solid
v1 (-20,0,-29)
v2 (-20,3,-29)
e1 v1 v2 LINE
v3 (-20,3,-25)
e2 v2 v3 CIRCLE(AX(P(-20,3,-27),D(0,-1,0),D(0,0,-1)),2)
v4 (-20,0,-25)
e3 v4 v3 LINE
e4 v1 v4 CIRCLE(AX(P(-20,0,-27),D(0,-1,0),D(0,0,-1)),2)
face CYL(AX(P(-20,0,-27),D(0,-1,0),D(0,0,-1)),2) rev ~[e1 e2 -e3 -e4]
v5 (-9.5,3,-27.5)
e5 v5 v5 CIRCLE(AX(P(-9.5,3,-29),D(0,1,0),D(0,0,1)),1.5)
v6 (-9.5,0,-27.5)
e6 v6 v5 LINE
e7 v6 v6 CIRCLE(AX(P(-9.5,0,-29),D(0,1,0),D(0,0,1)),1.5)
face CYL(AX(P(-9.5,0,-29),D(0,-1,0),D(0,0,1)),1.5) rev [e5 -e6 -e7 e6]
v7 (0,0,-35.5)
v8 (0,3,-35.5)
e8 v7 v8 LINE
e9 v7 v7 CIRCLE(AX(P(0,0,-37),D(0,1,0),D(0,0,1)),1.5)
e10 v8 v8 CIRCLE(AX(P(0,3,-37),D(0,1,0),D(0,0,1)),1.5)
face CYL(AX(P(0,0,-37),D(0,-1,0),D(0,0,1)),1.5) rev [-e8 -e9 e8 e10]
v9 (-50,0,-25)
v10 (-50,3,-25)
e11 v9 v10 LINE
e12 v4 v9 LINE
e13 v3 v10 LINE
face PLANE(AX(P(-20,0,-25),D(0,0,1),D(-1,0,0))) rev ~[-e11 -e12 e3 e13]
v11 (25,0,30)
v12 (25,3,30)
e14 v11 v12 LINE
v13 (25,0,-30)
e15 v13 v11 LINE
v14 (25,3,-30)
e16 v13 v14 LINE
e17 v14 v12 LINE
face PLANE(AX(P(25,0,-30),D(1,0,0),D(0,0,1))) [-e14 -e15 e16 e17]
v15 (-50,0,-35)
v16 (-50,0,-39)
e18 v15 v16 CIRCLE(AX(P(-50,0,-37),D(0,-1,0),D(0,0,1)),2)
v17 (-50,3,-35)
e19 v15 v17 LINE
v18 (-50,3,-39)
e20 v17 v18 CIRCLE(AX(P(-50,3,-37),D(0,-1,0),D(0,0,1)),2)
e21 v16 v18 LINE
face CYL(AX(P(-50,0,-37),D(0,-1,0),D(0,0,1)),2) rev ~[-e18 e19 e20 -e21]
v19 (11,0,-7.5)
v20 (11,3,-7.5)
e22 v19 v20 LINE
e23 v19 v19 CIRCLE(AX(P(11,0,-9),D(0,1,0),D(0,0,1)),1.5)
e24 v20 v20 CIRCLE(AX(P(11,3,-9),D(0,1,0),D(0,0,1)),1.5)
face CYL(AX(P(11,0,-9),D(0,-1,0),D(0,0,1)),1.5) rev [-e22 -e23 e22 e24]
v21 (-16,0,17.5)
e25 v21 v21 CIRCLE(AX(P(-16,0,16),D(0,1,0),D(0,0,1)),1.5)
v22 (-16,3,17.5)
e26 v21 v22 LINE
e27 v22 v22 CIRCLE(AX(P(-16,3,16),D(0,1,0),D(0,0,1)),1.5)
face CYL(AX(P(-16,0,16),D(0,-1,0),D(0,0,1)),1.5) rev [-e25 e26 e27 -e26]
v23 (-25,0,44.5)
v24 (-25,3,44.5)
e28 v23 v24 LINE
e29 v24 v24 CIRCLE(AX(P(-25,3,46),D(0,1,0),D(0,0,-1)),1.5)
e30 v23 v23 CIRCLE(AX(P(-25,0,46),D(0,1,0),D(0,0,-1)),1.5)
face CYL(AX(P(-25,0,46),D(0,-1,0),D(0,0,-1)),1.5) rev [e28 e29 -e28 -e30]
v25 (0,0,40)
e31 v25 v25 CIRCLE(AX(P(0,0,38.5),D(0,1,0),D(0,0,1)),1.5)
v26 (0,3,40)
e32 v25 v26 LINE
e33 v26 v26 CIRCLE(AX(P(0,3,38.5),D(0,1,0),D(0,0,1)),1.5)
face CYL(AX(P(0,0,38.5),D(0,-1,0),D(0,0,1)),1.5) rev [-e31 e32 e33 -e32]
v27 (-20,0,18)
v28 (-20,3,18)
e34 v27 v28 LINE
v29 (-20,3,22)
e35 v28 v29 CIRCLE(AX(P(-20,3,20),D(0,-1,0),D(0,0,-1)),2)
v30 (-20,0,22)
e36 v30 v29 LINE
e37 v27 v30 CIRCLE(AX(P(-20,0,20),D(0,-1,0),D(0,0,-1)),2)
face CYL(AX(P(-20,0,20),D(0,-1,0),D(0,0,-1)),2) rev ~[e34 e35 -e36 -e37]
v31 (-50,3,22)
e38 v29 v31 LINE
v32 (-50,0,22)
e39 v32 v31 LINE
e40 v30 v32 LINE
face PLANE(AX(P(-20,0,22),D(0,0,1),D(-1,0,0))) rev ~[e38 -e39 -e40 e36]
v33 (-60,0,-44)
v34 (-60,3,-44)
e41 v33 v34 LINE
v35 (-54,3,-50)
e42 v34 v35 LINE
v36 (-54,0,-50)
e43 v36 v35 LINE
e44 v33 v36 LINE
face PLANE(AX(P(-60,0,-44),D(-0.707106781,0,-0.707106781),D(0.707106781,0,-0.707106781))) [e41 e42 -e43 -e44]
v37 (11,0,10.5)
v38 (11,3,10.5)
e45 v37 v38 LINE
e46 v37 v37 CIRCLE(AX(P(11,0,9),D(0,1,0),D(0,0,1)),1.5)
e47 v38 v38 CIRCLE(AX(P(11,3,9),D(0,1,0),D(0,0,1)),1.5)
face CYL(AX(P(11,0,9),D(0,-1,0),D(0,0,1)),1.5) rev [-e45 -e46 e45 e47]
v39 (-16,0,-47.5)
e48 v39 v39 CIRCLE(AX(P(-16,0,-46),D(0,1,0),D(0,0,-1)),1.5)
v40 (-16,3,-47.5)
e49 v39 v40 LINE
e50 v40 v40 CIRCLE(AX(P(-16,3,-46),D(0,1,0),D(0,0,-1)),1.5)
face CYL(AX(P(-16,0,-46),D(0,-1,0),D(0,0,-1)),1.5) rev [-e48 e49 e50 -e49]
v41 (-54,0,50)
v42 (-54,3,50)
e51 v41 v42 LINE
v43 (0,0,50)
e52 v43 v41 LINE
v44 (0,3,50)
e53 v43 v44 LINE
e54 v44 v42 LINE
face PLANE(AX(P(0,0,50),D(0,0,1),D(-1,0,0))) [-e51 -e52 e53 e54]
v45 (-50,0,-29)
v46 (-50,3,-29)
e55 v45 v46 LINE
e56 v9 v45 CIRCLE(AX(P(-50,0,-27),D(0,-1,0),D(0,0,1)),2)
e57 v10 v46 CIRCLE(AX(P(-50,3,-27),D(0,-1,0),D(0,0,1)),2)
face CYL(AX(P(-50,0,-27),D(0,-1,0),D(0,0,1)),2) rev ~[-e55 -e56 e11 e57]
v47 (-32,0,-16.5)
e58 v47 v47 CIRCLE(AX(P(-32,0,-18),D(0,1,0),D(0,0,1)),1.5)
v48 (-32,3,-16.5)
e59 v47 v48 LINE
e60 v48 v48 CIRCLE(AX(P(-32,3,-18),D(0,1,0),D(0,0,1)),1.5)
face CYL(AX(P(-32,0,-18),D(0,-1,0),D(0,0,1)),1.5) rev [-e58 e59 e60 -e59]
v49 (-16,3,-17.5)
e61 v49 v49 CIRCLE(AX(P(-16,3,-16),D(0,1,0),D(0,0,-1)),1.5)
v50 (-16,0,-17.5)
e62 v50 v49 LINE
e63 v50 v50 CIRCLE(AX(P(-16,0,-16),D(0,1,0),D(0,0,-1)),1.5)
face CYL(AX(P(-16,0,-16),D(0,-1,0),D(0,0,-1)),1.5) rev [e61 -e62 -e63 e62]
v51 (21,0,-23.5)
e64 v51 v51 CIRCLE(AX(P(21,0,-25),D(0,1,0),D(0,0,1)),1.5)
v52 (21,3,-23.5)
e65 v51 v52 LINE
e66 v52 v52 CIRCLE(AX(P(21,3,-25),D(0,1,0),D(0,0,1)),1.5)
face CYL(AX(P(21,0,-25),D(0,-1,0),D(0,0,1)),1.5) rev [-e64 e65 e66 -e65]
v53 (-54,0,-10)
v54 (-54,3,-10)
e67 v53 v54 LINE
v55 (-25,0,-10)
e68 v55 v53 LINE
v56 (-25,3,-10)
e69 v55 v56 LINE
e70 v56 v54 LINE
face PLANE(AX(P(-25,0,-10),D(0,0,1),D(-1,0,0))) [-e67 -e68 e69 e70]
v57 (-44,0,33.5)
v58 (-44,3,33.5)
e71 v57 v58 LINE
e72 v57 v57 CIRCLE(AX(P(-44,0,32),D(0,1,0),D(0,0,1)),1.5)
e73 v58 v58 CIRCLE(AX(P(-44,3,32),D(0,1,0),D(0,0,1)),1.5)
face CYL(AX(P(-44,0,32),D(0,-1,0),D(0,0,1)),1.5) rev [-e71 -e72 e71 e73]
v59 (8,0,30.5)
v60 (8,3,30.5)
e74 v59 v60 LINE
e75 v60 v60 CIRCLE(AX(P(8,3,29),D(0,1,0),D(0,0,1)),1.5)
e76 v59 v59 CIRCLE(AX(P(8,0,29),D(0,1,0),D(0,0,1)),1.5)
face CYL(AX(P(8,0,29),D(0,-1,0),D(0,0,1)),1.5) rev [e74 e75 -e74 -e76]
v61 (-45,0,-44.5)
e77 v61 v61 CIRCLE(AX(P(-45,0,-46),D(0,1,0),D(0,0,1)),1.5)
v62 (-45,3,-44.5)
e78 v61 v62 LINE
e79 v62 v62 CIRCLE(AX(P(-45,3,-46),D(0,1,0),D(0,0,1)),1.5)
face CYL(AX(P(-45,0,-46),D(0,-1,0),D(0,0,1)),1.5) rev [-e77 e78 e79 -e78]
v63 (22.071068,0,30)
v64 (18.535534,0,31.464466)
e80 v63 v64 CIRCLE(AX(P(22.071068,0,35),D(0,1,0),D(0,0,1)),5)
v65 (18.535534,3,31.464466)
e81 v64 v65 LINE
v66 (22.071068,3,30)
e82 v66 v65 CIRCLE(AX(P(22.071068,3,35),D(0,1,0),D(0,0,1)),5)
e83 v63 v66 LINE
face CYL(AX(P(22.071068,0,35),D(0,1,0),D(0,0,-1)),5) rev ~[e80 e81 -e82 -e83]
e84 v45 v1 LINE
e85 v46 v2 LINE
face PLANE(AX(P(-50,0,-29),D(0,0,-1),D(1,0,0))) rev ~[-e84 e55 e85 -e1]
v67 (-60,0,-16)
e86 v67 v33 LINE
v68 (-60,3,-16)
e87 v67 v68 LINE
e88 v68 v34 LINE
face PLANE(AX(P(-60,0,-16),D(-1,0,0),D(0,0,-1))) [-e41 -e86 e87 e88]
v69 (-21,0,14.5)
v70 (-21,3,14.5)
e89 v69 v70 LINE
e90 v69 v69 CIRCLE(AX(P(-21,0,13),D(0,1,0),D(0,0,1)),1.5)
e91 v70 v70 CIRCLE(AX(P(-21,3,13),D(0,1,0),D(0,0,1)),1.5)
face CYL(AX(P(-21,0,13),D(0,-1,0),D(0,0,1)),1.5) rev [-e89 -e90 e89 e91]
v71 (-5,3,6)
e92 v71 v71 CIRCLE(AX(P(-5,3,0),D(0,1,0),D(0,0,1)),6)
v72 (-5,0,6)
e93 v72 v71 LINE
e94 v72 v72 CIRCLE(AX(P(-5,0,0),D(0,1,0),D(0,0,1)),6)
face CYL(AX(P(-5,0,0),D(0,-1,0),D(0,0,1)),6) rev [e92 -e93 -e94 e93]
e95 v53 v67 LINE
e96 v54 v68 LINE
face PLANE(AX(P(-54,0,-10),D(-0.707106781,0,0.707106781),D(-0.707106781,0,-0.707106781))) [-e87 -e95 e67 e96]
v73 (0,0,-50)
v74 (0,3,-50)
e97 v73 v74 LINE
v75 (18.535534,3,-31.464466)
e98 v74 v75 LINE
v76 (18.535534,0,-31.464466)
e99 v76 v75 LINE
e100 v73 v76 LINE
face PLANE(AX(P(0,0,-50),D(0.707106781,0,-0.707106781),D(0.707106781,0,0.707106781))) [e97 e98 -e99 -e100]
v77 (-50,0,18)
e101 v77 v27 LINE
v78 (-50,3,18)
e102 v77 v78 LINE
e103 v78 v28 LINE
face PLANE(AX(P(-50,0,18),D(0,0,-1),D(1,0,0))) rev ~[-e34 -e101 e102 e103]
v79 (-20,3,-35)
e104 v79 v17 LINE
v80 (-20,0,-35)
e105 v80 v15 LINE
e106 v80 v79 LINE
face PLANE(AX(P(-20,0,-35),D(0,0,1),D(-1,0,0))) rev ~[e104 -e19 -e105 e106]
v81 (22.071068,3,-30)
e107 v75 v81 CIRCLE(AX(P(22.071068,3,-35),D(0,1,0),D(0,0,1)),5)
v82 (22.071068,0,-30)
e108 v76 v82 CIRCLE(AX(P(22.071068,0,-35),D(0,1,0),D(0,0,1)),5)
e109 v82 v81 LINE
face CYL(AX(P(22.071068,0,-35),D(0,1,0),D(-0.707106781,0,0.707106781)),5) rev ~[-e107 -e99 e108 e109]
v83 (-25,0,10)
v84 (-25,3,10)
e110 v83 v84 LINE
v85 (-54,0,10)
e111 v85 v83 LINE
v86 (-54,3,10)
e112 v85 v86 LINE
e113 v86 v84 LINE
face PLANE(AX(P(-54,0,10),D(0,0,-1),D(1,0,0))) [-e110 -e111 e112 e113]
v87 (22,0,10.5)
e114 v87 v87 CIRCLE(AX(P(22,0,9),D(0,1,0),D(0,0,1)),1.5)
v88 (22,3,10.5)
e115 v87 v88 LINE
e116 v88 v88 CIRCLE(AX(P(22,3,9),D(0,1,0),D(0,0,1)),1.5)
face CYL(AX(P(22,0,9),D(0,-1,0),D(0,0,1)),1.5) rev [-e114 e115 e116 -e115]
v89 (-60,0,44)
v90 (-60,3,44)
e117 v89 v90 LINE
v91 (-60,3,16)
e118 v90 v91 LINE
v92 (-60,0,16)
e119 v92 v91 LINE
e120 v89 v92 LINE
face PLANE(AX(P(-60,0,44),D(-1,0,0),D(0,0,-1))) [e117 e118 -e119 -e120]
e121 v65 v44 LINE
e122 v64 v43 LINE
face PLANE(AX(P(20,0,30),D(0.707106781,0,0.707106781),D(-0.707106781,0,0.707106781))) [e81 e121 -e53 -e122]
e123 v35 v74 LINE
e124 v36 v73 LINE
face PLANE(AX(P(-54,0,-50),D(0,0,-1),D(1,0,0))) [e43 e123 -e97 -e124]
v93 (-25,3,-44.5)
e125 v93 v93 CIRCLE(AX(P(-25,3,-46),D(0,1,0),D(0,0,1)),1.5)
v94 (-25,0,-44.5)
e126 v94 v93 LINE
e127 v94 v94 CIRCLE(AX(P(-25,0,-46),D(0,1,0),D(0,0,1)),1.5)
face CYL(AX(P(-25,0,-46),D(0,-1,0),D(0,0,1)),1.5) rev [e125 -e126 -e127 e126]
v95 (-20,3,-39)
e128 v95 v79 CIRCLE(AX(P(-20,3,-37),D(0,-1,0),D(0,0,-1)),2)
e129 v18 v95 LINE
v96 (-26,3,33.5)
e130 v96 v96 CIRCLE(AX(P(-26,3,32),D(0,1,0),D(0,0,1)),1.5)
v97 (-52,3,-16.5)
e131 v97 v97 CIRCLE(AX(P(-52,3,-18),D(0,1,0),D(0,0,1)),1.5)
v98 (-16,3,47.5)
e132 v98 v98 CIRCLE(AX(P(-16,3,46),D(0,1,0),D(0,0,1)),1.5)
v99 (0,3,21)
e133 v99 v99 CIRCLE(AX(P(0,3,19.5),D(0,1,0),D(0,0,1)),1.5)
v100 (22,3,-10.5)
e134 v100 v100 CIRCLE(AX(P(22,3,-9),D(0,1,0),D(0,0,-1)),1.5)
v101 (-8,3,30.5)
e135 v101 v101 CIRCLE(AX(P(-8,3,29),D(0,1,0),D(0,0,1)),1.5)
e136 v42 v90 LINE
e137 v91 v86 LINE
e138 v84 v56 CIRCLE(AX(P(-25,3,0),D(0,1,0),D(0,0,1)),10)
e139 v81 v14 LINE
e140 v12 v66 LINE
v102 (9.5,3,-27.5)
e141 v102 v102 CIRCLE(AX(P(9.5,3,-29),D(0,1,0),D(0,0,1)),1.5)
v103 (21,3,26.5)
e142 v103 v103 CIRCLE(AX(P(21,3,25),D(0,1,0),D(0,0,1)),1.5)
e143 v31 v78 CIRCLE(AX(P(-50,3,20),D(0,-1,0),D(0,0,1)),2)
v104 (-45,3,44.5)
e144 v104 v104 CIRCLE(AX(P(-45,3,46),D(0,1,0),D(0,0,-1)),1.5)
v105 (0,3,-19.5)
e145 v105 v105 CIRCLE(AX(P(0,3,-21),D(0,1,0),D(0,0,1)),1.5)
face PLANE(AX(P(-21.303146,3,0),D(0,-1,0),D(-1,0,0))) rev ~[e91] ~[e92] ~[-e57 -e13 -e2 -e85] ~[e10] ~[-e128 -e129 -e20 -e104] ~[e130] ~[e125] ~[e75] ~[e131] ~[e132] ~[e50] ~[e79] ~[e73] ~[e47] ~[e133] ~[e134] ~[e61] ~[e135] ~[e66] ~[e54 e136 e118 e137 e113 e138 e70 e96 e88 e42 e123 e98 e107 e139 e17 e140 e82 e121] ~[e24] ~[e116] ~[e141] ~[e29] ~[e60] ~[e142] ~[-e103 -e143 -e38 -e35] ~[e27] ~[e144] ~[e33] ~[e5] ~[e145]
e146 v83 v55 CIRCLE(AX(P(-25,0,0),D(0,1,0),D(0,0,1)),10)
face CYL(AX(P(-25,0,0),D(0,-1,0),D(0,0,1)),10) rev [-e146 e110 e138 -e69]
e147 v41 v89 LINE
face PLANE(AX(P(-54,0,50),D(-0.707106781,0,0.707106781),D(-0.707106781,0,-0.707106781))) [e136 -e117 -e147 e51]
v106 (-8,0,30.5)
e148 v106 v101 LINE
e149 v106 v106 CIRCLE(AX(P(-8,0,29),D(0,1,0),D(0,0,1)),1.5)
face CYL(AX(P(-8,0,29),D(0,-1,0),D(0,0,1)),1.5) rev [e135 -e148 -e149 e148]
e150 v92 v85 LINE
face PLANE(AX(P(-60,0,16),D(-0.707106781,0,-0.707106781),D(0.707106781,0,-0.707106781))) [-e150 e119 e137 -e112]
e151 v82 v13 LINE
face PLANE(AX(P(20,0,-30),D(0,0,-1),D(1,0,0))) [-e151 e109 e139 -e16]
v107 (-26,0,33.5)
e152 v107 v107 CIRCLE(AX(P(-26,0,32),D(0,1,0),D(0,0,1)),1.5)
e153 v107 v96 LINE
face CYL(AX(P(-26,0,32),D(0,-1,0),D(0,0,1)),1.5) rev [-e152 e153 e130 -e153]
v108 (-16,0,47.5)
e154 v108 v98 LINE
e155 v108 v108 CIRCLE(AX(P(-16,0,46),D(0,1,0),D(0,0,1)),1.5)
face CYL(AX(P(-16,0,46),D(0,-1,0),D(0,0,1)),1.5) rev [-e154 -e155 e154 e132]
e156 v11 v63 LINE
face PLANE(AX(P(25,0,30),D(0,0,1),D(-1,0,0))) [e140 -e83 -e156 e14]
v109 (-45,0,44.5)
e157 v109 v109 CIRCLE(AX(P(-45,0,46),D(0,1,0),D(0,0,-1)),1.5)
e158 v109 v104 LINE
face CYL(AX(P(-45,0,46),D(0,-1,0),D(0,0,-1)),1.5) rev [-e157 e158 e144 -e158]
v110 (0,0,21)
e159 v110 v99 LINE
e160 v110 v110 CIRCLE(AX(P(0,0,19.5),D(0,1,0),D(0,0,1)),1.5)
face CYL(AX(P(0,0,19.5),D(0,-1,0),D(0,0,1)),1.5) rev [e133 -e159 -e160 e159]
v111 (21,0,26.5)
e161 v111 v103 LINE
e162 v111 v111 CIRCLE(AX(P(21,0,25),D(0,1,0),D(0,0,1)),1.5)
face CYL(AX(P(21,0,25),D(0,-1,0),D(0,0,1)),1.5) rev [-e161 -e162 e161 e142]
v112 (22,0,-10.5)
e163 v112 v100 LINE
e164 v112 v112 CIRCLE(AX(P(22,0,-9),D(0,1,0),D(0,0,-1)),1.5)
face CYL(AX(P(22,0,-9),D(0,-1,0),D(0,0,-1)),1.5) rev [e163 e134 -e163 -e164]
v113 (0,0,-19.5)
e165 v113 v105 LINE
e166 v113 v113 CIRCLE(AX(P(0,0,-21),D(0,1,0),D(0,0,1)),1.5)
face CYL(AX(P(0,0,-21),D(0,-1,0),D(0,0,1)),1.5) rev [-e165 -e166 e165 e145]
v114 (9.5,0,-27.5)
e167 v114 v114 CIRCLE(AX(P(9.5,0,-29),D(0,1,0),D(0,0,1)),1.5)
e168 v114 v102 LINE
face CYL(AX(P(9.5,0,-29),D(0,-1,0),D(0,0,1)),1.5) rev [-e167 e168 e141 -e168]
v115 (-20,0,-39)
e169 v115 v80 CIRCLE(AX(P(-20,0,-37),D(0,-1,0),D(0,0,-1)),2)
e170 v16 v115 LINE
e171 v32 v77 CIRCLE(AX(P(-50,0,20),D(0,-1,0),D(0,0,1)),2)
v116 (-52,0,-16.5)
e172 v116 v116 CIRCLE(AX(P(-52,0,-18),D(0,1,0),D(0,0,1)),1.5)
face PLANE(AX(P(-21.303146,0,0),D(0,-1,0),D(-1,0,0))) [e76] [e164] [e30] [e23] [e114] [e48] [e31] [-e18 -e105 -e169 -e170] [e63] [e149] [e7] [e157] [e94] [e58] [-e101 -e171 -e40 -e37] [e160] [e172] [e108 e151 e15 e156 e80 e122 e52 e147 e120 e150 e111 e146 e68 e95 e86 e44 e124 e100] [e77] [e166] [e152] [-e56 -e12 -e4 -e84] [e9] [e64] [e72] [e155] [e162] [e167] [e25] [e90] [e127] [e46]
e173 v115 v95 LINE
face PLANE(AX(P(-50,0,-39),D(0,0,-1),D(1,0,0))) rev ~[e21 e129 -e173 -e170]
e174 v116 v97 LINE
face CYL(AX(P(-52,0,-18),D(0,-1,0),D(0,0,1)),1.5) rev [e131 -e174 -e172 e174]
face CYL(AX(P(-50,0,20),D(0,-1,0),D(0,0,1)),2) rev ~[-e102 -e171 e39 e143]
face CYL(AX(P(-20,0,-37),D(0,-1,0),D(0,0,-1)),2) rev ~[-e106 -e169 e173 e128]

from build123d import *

# Parameters (mm, degrees)
SKETCH_1_R      = 1.5
SKETCH_1_R_2    = 6
EXTRUDE_1_DEPTH = 3
FILLET_1_R      = 5


with BuildPart() as part:
    # 草图1 → 凸台-拉伸1 (new body)
    with BuildSketch(Plane(origin=(0, 0, 0), x_dir=(1, 0, 0), z_dir=(0, 1, 0))):
        with BuildLine():
            Line((-54, 50), (0, 50))
            Line((0, 50), (20, 30))
            Line((20, 30), (25, 30))
            Line((25, 30), (25, -30))
            Line((25, -30), (20, -30))
            Line((20, -30), (0, -50))
            Line((0, -50), (-54, -50))
            Line((-54, -50), (-60, -44))
            Line((-60, -44), (-60, -16))
            Line((-60, -16), (-54, -10))
            Line((-54, -10), (-25, -10))
            ThreePointArc((-25, -10), (-15, 0), (-25, 10))
            Line((-25, 10), (-54, 10))
            Line((-54, 10), (-60, 16))
            Line((-60, 16), (-60, 44))
            Line((-60, 44), (-54, 50))
        make_face()
        with Locations(Location((11, 9, 0), (0, 0, 270))):
            Circle(SKETCH_1_R, mode=Mode.SUBTRACT)
        with Locations(Location((11, -9, 0), (0, 0, 270))):
            Circle(SKETCH_1_R, mode=Mode.SUBTRACT)
        with Locations(Location((-44, -32, 0), (0, 0, 270))):
            Circle(SKETCH_1_R, mode=Mode.SUBTRACT)
        with Locations(Location((9.5, 29, 0), (0, 0, 270))):
            Circle(SKETCH_1_R, mode=Mode.SUBTRACT)
        with Locations(Location((0, 21, 0), (0, 0, 270))):
            Circle(SKETCH_1_R, mode=Mode.SUBTRACT)
        with Locations(Location((-9.5, 29, 0), (0, 0, 270))):
            Circle(SKETCH_1_R, mode=Mode.SUBTRACT)
        with Locations(Location((0, 37, 0), (0, 0, 270))):
            Circle(SKETCH_1_R, mode=Mode.SUBTRACT)
        with Locations(Location((-26, -32, 0), (0, 0, 270))):
            Circle(SKETCH_1_R, mode=Mode.SUBTRACT)
        with Locations(Location((0, -38.5, 0), (0, 0, 270))):
            Circle(SKETCH_1_R, mode=Mode.SUBTRACT)
        with Locations(Location((22, -9, 0), (0, 0, 270))):
            Circle(SKETCH_1_R, mode=Mode.SUBTRACT)
        with Locations(Location((22, 9, 0), (0, 0, 90))):
            Circle(SKETCH_1_R, mode=Mode.SUBTRACT)
        with Locations(Location((-8, -29, 0), (0, 0, 270))):
            Circle(SKETCH_1_R, mode=Mode.SUBTRACT)
        with Locations(Location((-21, -13, 0), (0, 0, 270))):
            Circle(SKETCH_1_R, mode=Mode.SUBTRACT)
        with Locations(Location((-52, 18, 0), (0, 0, 270))):
            Circle(SKETCH_1_R, mode=Mode.SUBTRACT)
        with Locations(Location((-32, 18, 0), (0, 0, 270))):
            Circle(SKETCH_1_R, mode=Mode.SUBTRACT)
        with Locations(Location((-25, 46, 0), (0, 0, 270))):
            Circle(SKETCH_1_R, mode=Mode.SUBTRACT)
        with Locations(Location((0, -19.5, 0), (0, 0, 270))):
            Circle(SKETCH_1_R, mode=Mode.SUBTRACT)
        with Locations(Location((-45, 46, 0), (0, 0, 270))):
            Circle(SKETCH_1_R, mode=Mode.SUBTRACT)
        with Locations(Location((8, -29, 0), (0, 0, 270))):
            Circle(SKETCH_1_R, mode=Mode.SUBTRACT)
        with Locations(Location((-25, -46, 0), (0, 0, 90))):
            Circle(SKETCH_1_R, mode=Mode.SUBTRACT)
        with Locations(Location((-45, -46, 0), (0, 0, 90))):
            Circle(SKETCH_1_R, mode=Mode.SUBTRACT)
        with Locations(Location((-16, -16, 0), (0, 0, 270))):
            Circle(SKETCH_1_R, mode=Mode.SUBTRACT)
        with Locations(Location((-16, -46, 0), (0, 0, 270))):
            Circle(SKETCH_1_R, mode=Mode.SUBTRACT)
        with Locations(Location((-16, 46, 0), (0, 0, 90))):
            Circle(SKETCH_1_R, mode=Mode.SUBTRACT)
        with Locations(Location((-16, 16, 0), (0, 0, 90))):
            Circle(SKETCH_1_R, mode=Mode.SUBTRACT)
        with Locations(Location((-5, 0, 0), (0, 0, 270))):
            Circle(SKETCH_1_R_2, mode=Mode.SUBTRACT)
        with Locations(Location((21, 25, 0), (0, 0, 270))):
            Circle(SKETCH_1_R, mode=Mode.SUBTRACT)
        with Locations(Location((21, -25, 0), (0, 0, 270))):
            Circle(SKETCH_1_R, mode=Mode.SUBTRACT)
        with BuildLine():
            Line((-50, 39), (-20, 39))
            ThreePointArc((-20, 39), (-18, 37), (-20, 35))
            Line((-20, 35), (-50, 35))
            ThreePointArc((-50, 35), (-52, 37), (-50, 39))
        make_face(mode=Mode.SUBTRACT)
        with BuildLine():
            Line((-50, 29), (-20, 29))
            ThreePointArc((-20, 29), (-18, 27), (-20, 25))
            Line((-20, 25), (-50, 25))
            ThreePointArc((-50, 25), (-52, 27), (-50, 29))
        make_face(mode=Mode.SUBTRACT)
        with BuildLine():
            Line((-50, -18), (-20, -18))
            ThreePointArc((-20, -18), (-18, -20), (-20, -22))
            Line((-20, -22), (-50, -22))
            ThreePointArc((-50, -22), (-52, -20), (-50, -18))
        make_face(mode=Mode.SUBTRACT)
    extrude(amount=EXTRUDE_1_DEPTH)

    # 圆角1
    fillet_1_edges = [part.edges().sort_by_distance(p)[0] for p in [
        (20, 1.5, -30),
        (20, 1.5, 30),
    ]]
    fillet(fillet_1_edges, radius=FILLET_1_R)


solid = part.part
